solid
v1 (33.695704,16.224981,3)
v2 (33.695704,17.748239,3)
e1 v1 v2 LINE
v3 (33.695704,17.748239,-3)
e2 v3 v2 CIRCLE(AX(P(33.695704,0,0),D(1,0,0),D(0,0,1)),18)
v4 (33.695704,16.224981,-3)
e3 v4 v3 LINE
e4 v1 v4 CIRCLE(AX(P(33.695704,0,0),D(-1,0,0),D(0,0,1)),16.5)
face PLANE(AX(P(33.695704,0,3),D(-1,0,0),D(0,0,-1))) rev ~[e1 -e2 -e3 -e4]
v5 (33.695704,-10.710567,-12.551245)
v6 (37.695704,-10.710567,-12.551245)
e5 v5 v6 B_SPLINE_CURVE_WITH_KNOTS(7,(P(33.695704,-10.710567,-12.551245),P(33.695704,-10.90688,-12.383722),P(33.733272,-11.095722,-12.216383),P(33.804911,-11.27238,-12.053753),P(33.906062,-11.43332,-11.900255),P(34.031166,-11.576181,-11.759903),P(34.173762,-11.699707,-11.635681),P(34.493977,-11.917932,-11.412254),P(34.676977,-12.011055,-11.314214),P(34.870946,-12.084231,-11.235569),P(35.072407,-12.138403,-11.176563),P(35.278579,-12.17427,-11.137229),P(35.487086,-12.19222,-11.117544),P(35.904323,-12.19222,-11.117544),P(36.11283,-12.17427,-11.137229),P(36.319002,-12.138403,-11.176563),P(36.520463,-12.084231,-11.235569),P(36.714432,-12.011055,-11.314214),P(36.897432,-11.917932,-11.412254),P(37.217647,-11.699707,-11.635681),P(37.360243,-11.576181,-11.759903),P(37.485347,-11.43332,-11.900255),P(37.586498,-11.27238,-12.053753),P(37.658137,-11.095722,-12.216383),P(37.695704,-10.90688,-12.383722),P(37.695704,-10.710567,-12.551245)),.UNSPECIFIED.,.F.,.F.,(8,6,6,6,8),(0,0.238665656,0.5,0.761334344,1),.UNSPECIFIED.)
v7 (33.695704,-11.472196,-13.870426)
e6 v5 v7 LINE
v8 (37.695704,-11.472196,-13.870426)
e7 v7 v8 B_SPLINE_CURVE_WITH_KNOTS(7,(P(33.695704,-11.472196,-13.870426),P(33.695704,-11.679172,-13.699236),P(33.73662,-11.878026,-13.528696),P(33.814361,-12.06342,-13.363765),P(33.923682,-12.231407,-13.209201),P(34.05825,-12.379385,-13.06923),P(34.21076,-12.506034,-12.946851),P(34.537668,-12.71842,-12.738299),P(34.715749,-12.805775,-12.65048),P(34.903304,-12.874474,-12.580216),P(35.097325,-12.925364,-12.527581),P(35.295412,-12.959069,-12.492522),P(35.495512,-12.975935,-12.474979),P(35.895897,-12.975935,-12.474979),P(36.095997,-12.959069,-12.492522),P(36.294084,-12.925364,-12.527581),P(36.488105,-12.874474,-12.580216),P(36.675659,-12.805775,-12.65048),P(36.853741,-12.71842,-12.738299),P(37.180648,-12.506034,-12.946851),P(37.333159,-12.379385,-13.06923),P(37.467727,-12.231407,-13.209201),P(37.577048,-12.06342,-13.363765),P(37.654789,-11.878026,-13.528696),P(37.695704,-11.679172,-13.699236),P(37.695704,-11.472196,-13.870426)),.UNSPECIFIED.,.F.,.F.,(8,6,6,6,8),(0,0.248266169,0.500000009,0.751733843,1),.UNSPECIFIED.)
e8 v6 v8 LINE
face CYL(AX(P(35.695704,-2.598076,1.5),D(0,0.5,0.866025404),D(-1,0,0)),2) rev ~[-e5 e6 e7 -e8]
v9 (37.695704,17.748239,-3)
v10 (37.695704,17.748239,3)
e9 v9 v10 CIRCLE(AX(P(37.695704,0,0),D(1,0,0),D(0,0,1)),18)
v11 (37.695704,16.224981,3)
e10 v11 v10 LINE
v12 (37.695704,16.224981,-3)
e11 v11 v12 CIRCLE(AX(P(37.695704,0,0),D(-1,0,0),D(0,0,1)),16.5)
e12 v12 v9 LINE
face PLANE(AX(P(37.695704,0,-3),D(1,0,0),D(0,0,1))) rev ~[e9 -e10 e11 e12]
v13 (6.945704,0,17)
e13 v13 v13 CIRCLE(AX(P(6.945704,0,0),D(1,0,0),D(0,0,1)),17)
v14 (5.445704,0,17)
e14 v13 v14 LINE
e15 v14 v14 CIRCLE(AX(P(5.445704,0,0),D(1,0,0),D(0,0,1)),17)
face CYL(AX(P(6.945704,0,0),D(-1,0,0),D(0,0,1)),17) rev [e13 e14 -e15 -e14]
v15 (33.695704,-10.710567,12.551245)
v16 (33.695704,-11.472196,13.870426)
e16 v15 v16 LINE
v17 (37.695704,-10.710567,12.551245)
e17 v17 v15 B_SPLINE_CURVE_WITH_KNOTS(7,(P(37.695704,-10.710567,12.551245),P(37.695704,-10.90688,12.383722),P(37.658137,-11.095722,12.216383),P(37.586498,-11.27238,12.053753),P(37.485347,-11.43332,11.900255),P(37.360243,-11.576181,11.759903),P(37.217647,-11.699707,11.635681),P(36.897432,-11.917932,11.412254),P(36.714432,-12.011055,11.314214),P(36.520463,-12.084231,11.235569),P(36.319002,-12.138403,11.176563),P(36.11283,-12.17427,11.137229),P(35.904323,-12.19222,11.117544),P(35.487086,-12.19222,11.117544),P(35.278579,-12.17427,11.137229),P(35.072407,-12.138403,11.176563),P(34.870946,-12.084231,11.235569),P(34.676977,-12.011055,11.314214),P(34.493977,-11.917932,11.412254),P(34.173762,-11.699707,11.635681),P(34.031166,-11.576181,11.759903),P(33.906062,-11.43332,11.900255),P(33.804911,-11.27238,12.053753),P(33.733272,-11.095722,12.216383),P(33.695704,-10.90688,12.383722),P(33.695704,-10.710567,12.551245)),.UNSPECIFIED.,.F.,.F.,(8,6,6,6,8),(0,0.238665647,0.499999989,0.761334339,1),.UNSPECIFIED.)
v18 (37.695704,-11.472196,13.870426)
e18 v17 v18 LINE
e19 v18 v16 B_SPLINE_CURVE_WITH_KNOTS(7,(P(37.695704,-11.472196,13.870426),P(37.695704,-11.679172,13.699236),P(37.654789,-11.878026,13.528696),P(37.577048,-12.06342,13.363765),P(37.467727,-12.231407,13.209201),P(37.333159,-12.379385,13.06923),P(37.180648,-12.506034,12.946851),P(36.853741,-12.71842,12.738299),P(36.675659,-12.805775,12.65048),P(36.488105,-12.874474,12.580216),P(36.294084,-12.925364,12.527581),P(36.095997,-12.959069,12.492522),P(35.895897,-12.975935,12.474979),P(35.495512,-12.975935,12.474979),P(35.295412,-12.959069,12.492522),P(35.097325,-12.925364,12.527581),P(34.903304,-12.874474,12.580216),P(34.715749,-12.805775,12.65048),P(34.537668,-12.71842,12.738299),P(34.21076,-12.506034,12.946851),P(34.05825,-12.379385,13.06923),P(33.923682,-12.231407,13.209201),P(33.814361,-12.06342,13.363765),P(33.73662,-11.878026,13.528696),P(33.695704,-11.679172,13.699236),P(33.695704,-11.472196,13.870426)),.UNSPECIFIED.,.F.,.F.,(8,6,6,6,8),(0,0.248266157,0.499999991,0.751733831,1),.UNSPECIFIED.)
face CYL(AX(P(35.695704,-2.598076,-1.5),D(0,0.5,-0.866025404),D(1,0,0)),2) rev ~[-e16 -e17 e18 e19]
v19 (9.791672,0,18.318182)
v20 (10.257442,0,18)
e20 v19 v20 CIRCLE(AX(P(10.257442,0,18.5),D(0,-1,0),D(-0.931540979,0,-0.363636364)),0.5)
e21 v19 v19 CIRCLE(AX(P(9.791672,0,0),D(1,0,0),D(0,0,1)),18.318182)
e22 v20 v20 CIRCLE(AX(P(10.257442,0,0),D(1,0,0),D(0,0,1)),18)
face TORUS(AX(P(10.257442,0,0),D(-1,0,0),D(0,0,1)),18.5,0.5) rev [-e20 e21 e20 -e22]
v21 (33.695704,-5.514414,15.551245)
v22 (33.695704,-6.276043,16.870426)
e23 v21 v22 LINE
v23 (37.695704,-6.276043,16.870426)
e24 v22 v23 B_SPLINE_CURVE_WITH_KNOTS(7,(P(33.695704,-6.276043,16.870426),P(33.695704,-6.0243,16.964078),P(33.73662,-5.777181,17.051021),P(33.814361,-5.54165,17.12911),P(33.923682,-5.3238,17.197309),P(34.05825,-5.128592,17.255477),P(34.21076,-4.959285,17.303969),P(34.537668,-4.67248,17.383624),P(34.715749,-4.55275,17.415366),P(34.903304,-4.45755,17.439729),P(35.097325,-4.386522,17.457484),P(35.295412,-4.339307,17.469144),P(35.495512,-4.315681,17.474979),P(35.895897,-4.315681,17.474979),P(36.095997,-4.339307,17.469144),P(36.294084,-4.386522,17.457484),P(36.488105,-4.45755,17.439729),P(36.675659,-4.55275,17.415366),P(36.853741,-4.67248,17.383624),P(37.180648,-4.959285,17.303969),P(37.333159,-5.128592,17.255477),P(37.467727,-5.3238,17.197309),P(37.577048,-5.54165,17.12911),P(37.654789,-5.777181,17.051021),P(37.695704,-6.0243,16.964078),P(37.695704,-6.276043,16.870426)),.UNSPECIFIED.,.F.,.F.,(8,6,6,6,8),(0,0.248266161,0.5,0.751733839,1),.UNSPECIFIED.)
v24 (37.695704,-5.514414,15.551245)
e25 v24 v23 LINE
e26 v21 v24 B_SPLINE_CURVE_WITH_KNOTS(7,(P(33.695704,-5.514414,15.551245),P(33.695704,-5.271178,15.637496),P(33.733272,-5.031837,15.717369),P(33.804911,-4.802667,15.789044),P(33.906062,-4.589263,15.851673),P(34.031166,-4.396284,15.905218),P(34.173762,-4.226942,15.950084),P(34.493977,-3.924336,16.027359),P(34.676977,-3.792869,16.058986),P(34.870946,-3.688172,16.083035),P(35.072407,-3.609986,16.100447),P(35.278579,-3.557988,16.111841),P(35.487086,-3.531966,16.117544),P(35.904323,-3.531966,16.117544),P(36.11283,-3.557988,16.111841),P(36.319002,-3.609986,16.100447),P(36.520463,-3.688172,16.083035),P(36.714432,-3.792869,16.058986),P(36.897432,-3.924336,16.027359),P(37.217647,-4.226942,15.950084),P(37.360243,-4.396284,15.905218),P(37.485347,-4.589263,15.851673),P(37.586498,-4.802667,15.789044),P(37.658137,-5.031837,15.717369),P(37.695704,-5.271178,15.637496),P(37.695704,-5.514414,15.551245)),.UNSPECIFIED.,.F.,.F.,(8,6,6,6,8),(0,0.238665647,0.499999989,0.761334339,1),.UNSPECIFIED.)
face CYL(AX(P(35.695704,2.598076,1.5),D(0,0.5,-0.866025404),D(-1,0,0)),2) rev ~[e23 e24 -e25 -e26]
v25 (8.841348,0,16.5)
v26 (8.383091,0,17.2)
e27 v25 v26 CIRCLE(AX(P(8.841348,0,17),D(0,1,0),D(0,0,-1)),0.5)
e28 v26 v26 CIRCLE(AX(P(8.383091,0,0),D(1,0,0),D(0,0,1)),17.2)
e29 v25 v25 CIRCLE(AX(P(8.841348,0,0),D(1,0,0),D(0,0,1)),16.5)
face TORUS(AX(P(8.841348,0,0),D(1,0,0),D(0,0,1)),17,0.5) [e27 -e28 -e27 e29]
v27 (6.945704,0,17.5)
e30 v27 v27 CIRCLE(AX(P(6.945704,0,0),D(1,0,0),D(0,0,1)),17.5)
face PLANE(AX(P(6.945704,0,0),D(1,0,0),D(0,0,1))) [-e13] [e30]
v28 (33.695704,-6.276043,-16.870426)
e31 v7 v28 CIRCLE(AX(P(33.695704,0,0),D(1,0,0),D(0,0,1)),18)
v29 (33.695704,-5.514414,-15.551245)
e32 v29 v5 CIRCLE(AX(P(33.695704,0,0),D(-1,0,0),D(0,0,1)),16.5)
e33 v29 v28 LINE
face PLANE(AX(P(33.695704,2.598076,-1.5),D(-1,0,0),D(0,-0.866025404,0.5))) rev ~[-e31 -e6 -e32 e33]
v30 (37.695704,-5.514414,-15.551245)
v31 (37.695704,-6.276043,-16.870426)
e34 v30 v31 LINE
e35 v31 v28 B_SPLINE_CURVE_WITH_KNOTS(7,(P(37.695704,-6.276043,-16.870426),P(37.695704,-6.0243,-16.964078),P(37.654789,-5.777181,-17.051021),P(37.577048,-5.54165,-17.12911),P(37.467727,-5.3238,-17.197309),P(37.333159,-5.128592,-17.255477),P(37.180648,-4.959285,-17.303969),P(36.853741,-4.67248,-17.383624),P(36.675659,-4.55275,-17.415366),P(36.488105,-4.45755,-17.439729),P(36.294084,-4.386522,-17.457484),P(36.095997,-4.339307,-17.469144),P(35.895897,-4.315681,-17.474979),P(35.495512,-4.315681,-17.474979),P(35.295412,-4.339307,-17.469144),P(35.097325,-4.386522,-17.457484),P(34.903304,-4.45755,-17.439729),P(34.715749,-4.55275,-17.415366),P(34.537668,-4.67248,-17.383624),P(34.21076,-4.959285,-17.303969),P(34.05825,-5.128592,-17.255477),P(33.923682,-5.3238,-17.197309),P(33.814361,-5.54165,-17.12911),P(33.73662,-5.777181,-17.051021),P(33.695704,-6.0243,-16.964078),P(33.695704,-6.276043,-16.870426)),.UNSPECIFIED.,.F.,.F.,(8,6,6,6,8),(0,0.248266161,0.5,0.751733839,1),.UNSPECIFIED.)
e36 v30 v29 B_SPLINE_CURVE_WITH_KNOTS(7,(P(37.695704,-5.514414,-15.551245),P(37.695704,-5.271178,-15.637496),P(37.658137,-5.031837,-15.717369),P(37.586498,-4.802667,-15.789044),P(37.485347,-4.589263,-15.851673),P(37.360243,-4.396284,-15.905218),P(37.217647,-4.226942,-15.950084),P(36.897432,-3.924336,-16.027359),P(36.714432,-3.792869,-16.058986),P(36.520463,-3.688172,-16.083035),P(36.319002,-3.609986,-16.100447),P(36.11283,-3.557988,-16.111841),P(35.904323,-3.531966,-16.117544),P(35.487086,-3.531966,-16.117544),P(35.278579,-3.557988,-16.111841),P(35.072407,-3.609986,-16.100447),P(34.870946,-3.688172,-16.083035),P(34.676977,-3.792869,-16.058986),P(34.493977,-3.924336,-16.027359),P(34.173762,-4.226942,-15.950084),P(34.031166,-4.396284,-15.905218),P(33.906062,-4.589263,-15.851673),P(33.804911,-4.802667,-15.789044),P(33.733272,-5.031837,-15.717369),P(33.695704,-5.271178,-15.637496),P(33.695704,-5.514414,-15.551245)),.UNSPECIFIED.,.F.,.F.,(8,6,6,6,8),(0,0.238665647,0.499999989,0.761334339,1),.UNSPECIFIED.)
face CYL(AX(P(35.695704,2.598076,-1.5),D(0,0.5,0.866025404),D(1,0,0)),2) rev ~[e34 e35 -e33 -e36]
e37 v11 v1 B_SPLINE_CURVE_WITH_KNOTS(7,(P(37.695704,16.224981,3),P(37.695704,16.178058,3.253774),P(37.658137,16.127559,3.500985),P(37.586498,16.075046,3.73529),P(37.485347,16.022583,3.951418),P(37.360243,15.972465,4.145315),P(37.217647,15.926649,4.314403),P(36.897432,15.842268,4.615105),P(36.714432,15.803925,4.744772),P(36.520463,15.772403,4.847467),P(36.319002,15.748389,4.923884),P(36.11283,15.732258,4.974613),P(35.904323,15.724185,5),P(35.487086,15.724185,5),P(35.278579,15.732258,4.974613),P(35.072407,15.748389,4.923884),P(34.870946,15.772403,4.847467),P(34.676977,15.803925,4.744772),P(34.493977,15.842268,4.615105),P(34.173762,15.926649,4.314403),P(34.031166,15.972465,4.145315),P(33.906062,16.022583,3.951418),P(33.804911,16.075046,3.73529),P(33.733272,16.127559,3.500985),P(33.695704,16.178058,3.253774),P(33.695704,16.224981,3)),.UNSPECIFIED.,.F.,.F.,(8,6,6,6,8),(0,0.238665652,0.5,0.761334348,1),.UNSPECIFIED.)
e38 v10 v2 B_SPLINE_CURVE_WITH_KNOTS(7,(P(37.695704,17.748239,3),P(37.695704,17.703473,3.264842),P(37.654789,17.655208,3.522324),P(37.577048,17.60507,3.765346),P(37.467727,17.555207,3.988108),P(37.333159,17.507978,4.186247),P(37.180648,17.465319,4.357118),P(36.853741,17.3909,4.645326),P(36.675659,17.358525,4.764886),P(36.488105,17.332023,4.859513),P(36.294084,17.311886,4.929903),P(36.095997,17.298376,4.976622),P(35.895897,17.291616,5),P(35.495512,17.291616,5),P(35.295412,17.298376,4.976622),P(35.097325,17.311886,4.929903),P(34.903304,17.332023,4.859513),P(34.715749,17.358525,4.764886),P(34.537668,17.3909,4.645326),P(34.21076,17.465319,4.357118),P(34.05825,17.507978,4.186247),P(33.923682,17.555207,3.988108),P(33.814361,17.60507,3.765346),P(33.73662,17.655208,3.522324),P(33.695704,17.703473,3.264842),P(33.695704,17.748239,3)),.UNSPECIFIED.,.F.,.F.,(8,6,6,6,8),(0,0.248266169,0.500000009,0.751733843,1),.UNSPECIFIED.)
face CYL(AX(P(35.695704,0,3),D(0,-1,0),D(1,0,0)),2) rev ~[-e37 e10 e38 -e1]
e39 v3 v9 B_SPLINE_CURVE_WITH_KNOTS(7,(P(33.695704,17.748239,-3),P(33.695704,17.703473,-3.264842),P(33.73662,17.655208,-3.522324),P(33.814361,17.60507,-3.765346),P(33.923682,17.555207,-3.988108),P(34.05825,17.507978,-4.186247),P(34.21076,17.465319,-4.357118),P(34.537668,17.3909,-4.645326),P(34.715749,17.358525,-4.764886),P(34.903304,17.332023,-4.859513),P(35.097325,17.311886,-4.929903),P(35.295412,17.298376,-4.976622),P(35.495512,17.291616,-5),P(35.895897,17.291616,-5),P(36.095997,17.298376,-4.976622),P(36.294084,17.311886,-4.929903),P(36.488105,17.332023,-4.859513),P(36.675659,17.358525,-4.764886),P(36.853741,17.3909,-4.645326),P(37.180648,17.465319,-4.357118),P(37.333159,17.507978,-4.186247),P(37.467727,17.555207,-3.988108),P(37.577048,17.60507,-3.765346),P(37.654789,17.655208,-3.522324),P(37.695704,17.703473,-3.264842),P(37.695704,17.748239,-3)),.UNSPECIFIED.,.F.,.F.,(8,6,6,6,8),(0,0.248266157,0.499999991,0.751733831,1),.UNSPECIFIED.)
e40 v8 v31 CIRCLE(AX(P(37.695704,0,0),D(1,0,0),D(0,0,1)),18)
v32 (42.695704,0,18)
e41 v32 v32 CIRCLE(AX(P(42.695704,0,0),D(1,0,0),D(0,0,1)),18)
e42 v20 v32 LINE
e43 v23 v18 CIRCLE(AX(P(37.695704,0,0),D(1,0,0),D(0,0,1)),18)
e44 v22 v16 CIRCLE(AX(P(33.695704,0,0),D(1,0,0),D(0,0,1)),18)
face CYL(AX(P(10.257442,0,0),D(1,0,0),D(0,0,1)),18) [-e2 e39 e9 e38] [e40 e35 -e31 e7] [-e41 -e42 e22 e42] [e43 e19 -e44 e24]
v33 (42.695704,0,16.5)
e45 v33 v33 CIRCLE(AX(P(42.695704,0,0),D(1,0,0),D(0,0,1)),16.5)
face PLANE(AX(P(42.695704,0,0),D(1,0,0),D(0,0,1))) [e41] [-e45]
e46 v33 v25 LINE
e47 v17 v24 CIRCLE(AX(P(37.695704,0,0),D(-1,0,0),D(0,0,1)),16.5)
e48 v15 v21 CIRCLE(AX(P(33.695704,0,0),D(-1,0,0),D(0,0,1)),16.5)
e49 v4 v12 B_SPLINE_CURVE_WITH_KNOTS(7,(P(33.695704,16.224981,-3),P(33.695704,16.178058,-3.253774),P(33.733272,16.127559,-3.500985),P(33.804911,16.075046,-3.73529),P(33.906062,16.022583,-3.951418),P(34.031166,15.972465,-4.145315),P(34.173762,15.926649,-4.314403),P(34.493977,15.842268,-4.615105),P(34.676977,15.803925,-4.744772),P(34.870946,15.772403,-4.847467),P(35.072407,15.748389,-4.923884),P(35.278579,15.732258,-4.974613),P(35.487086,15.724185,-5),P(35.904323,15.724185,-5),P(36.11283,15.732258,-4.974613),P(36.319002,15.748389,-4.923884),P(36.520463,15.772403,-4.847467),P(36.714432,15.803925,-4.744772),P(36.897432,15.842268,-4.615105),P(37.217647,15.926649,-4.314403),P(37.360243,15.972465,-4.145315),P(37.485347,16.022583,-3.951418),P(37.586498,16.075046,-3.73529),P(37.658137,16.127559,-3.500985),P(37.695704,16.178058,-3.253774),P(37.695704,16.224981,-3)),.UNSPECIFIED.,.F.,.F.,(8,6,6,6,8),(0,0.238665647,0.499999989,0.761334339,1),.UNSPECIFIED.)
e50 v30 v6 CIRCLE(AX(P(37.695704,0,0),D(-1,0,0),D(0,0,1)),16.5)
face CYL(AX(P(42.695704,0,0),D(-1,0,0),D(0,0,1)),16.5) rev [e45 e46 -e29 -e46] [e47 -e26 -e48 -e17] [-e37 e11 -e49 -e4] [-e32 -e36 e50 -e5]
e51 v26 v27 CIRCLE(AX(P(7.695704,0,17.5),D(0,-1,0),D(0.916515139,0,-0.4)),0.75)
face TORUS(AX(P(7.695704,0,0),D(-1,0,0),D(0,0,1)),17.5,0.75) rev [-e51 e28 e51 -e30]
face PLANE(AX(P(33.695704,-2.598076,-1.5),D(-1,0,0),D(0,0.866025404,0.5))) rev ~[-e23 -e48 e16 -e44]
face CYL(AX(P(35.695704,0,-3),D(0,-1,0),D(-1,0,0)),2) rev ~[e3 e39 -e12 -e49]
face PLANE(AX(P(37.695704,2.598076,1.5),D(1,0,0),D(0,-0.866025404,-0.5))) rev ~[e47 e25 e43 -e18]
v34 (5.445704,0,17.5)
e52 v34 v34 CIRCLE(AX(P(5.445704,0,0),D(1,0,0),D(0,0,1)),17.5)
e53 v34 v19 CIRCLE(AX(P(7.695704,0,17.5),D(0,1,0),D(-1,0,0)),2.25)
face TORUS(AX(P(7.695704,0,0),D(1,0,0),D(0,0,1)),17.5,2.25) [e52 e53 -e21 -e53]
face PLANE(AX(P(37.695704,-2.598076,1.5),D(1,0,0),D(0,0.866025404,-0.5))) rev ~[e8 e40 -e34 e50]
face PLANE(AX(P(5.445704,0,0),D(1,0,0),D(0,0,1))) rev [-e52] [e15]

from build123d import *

# Parameters (mm, degrees)
ENL_V_MAT_EXTRU_1_DEPTH      = 20
R_P_TITION_CIRCULAIRE1_COUNT = 3


with BuildPart() as part:
    # Esquisse1 → Base-Révolution (revolve)
    with BuildSketch(Plane.XY, mode=Mode.PRIVATE) as base_r_volution_sk:
        with BuildLine():
            Line((6.945704467, 17.5), (6.945704467, 17))
            Line((6.945704467, 17), (5.445704467, 17))
            Line((5.445704467, 17), (5.445704467, 17.5))
            ThreePointArc((5.445704467, 17.5), (7.279427039, 19.711156508), (9.791671669, 18.318181818))
            ThreePointArc((9.791671669, 18.318181818), (9.975404121, 18.087138588), (10.257442159, 18))
            Line((10.257442159, 18), (42.695704467, 18))
            Line((42.695704467, 18), (42.695704467, 16.5))
            Line((42.695704467, 16.5), (8.841348391, 16.5))
            ThreePointArc((8.841348391, 16.5), (8.423018378, 16.726138721), (8.383090822, 17.2))
            ThreePointArc((8.383090822, 17.2), (7.8489367, 18.234179735), (6.945704467, 17.5))
        make_face()
    revolve(base_r_volution_sk.sketch.rotate(Axis((10.659710849, 0, 0), (1, 0, 0)), 90), axis=Axis((10.659710849, 0, 0), (1, 0, 0)))

    # Esquisse2 → Enlèv. mat.-Extru.1 (cut)
    with BuildSketch(Plane(origin=(0, 0, 0), x_dir=(1, 0, 0), z_dir=(0, 1, 0))):
        with BuildLine():
            Line((33.695704467, -3), (33.695704467, 3))
            ThreePointArc((33.695704467, 3), (35.695704467, 5), (37.695704467, 3))
            Line((37.695704467, 3), (37.695704467, -3))
            ThreePointArc((37.695704467, -3), (35.695704467, -5), (33.695704467, -3))
        make_face()
    enl_v_mat_extru_1 = extrude(amount=ENL_V_MAT_EXTRU_1_DEPTH, mode=Mode.SUBTRACT)

    # Répétition circulaire1: Enlèv. mat.-Extru.1 ×3 about axis
    r_p_tition_circulaire1_axis = Axis((10.659710849, 0, 0), (1, 0, 0))
    for i in range(1, R_P_TITION_CIRCULAIRE1_COUNT):
        add(enl_v_mat_extru_1.rotate(r_p_tition_circulaire1_axis, i * 360 / R_P_TITION_CIRCULAIRE1_COUNT), mode=Mode.SUBTRACT)


solid = part.part
